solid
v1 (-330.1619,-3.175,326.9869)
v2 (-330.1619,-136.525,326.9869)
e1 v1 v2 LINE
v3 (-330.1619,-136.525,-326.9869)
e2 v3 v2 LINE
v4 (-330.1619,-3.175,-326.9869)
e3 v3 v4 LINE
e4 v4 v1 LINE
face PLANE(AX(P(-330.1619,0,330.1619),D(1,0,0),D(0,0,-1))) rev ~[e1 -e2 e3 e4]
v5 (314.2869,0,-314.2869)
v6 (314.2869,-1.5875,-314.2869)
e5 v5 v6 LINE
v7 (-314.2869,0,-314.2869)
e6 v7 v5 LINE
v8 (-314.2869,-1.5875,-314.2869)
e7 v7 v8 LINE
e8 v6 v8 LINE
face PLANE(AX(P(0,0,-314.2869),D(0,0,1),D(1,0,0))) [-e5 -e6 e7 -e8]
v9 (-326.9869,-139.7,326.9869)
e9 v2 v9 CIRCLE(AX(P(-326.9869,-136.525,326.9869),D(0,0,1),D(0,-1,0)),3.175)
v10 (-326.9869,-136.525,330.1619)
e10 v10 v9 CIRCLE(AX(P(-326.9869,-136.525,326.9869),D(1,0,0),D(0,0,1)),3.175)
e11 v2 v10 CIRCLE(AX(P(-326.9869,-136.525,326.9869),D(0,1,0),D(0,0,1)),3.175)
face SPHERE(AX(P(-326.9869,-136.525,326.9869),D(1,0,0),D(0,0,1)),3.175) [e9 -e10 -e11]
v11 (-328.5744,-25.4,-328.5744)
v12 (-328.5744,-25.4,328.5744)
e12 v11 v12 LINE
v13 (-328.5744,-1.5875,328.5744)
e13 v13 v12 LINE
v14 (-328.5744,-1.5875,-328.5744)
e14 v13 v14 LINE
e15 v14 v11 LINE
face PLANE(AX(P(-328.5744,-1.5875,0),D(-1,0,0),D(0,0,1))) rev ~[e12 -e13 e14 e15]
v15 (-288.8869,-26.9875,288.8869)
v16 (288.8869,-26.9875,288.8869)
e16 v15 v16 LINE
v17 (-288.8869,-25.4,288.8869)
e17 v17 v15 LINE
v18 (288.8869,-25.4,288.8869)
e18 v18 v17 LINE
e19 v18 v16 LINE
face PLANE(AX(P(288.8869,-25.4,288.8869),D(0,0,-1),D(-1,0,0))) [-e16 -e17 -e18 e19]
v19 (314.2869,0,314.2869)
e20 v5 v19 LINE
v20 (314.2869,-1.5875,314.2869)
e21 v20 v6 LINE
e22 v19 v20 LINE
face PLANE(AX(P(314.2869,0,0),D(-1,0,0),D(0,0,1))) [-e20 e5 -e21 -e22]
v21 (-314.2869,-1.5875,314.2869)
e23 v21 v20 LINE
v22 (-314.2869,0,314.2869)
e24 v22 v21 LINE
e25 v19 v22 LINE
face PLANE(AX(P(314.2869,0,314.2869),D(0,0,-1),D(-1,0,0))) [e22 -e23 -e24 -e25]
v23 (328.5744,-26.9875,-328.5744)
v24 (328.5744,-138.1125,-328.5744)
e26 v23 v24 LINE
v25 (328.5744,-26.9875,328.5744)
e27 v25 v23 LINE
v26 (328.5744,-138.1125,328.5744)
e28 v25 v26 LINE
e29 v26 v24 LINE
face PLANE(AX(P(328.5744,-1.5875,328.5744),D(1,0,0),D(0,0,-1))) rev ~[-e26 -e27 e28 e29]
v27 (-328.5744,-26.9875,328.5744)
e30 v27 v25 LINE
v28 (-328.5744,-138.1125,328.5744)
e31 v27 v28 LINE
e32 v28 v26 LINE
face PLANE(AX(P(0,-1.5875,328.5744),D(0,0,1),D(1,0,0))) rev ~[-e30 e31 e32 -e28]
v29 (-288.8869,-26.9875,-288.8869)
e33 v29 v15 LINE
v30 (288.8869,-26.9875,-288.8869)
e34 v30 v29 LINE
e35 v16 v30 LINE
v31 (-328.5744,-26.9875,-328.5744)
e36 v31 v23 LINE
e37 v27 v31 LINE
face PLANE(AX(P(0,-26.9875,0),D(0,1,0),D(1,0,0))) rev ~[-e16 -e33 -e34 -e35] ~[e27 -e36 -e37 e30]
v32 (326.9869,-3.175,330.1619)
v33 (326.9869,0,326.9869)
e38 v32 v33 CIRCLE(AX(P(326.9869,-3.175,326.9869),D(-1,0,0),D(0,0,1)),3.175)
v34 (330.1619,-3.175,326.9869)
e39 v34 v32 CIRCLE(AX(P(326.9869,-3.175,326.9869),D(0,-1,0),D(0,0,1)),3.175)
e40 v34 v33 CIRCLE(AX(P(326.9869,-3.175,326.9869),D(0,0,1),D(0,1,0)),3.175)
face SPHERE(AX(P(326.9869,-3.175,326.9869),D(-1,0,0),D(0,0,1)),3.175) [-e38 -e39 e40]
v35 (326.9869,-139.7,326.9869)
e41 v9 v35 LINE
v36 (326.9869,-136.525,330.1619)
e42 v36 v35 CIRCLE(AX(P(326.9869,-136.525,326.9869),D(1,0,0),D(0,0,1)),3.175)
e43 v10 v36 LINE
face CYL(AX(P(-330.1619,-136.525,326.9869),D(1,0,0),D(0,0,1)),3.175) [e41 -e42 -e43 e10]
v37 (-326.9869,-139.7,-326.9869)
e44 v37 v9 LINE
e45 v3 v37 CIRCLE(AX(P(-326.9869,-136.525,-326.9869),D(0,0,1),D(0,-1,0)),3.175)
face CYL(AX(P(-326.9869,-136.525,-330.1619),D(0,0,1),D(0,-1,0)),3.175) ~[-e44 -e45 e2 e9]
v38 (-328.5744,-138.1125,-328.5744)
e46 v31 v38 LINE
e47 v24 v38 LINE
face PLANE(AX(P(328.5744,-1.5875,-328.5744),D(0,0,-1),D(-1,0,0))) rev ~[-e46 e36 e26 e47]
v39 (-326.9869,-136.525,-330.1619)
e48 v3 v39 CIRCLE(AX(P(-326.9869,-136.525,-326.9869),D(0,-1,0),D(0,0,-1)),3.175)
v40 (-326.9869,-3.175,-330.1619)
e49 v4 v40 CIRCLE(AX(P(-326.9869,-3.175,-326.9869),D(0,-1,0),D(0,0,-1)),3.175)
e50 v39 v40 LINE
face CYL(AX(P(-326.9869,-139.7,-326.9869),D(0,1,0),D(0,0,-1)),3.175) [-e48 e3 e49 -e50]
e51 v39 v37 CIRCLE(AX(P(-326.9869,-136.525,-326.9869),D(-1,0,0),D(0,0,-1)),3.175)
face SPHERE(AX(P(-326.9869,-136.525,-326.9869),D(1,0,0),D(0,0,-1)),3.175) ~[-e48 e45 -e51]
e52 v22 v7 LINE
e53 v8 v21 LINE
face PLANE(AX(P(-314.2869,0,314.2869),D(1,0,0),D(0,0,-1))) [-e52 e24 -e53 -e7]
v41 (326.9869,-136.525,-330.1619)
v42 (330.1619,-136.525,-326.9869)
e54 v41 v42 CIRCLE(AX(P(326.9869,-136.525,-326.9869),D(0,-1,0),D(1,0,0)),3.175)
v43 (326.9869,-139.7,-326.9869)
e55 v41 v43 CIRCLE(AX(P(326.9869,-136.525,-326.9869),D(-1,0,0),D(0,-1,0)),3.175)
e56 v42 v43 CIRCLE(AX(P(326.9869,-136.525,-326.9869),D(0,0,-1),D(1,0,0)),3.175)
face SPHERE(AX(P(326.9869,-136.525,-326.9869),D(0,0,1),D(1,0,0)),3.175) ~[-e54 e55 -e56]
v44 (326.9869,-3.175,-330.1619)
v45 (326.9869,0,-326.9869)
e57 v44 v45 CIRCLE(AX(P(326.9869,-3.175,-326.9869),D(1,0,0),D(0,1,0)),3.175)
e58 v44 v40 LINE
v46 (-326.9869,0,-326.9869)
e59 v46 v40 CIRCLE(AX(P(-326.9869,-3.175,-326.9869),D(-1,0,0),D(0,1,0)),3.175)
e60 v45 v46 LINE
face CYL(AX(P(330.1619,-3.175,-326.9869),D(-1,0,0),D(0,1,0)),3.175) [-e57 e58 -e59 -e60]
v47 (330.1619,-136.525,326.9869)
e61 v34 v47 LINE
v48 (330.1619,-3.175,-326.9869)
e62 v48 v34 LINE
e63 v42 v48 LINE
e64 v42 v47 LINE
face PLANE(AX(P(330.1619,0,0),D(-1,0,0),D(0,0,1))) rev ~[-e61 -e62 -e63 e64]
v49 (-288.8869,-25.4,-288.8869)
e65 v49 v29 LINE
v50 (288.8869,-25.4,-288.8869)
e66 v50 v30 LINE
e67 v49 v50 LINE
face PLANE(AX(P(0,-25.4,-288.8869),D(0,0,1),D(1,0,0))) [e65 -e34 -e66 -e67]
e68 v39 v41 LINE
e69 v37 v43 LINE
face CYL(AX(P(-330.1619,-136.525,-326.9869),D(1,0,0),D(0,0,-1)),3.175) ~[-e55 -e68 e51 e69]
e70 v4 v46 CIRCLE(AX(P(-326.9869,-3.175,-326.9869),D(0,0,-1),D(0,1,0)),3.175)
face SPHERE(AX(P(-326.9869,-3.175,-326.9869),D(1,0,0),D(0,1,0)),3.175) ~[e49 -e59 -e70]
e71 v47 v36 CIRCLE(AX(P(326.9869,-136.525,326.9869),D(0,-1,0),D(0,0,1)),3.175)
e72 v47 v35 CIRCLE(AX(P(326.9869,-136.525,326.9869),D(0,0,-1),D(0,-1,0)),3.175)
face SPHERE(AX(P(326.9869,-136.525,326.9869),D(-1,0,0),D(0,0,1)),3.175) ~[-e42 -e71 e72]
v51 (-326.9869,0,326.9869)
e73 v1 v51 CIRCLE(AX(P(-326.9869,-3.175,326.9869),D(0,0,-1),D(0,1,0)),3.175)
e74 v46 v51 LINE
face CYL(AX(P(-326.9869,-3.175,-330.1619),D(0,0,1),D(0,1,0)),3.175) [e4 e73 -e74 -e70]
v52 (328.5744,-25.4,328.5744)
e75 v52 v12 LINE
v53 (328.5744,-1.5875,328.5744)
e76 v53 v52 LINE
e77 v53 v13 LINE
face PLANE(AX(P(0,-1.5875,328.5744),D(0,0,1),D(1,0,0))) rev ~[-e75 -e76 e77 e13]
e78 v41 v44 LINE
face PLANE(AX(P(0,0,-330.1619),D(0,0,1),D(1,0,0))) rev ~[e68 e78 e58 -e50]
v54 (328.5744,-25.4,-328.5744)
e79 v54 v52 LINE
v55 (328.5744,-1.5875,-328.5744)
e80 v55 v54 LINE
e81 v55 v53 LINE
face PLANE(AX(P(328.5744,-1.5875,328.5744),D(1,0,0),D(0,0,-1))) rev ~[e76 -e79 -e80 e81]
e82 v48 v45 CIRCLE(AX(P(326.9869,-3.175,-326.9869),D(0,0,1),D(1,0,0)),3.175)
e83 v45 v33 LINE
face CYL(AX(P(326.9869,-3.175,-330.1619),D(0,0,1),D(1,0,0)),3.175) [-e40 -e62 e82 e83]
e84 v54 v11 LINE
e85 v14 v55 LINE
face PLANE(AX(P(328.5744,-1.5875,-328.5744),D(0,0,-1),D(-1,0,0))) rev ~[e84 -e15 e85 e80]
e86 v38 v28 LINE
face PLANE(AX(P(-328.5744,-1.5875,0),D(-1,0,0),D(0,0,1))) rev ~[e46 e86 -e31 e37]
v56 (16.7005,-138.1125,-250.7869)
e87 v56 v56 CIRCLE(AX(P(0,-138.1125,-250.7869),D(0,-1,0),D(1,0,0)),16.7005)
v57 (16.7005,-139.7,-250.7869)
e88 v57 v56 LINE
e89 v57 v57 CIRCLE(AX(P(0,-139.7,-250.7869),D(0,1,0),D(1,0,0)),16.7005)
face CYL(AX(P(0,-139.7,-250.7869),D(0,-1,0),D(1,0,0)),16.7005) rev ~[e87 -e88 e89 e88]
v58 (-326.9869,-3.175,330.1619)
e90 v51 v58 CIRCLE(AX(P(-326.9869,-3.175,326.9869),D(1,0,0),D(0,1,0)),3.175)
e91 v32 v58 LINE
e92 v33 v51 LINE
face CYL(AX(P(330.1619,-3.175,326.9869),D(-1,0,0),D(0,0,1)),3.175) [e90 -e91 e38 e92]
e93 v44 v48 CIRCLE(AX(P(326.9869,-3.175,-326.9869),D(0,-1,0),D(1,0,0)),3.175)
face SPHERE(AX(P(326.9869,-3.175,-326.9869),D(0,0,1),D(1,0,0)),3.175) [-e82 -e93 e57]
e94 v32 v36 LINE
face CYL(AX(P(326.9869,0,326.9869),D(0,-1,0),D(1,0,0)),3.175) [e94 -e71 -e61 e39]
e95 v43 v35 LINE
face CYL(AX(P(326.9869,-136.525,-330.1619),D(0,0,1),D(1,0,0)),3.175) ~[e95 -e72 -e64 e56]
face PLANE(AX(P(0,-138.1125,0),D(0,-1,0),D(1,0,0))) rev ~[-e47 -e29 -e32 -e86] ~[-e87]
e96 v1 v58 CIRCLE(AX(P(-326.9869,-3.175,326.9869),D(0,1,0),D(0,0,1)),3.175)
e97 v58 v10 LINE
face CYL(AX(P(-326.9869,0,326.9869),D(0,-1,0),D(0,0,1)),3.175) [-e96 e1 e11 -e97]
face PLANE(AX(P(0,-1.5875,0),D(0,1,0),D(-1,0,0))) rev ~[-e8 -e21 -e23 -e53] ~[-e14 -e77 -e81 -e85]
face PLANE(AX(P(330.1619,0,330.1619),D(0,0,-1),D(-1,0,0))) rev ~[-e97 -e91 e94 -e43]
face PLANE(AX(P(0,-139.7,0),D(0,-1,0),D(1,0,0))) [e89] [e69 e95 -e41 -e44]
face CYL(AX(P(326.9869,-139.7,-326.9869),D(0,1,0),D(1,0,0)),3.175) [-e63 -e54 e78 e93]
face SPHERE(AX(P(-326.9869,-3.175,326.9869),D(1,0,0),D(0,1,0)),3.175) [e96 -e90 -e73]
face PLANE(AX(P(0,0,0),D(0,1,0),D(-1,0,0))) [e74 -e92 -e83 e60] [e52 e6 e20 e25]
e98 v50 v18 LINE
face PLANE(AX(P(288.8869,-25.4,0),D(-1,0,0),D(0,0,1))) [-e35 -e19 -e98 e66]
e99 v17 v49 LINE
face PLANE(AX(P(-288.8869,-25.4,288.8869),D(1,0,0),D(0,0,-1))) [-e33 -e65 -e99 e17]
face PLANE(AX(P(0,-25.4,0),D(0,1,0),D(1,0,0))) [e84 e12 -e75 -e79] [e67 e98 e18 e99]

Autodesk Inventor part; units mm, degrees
ref_plane "YZ Plane" through (0, 0, 0) normal (1, 0, 0) x (0, 1, 0)
ref_plane "XZ Plane" through (0, 0, 0) normal (0, 1, 0) x (-1, 0, 0)
sketch "Sketch1" plane through (0, 0, 0) normal (0, 1, 0) x (-1, 0, 0)
  line L0 (-462.2267, 0) -> (462.2267, 0) projected
  line L1 (0, -462.2267) -> (0, 462.2267) projected
  line L2 (-330.1619, 330.1619) -> (330.1619, 330.1619)
  line L3 (330.1619, 330.1619) -> (330.1619, -330.1619)
  line L4 (330.1619, -330.1619) -> (-330.1619, -330.1619)
  line L5 (-330.1619, -330.1619) -> (-330.1619, 330.1619)
  line L6 (462.2267, 0) -> (-462.2267, 0) projected
  line L7 (0, -462.2267) -> (0, 462.2267) projected
  line L8 (314.2869, -314.2869) -> (-314.2869, -314.2869)
  line L9 (-314.2869, -314.2869) -> (-314.2869, 314.2869)
  line L10 (-314.2869, 314.2869) -> (314.2869, 314.2869)
  line L11 (314.2869, 314.2869) -> (314.2869, -314.2869)
  point P0 (0, 0)
  dimension "d0" = 660.3238
  dimension "d2" = 660.3238
  dimension "d123" = 15.875
  dimension "d124" = 15.875
extrude "Extrusion1" add sketch "Sketch1" against normal blind 1.5875 contours L5 L2 L1 L10 L9 L0 | L0 L9 L8 L1 L4 L5 | L1 L8 L11 L0 L3 L4 | L2 L3 L0 L11 L10 L1
sketch "Sketch2" plane through (0, -1.5875, 0) normal (0, -1, 0) x (1, 0, 0)
  line L0 (330.1619, 330.1619) -> (-330.1619, 330.1619) projected
  line L1 (-330.1619, 330.1619) -> (-330.1619, -330.1619) projected
  line L2 (-330.1619, -330.1619) -> (330.1619, -330.1619) projected
  line L3 (330.1619, -330.1619) -> (330.1619, 330.1619) projected
  line L4 (-314.2869, -314.2869) -> (-314.2869, 314.2869) projected
  line L5 (-314.2869, 314.2869) -> (314.2869, 314.2869) projected
  line L6 (314.2869, 314.2869) -> (314.2869, -314.2869) projected
  line L7 (314.2869, -314.2869) -> (-314.2869, -314.2869) projected
  line L8 (330.1619, 330.1619) -> (-330.1619, 330.1619) projected
  line L9 (-330.1619, 330.1619) -> (-330.1619, -330.1619) projected
  line L10 (-330.1619, -330.1619) -> (330.1619, -330.1619) projected
  line L11 (330.1619, -330.1619) -> (330.1619, 330.1619) projected
  line L12 (0, -462.2267) -> (0, 462.2267) projected
  line L13 (-462.2267, 0) -> (462.2267, 0) projected
  line L14 (-328.5744, 328.5744) -> (328.5744, 328.5744)
  line L15 (328.5744, 328.5744) -> (328.5744, -328.5744)
  line L16 (328.5744, -328.5744) -> (-328.5744, -328.5744)
  line L17 (-328.5744, -328.5744) -> (-328.5744, 328.5744)
  point P0 (0, 0)
  dimension "d7" = 1.5875
  dimension "d8" = 1.5875
extrude "Extrusion2" add sketch "Sketch2" along normal blind 136.525 contours L3 L13 L15 L14 L12 L0 | L12 L14 L17 L13 L1 L0 | L3 L2 L12 L16 L15 L13 | L13 L17 L16 L12 L2 L1
sketch "Sketch3" plane through (0, -138.1125, 0) normal (0, -1, 0) x (1, 0, 0)
  line L0 (-462.2267, 0) -> (462.2267, 0) projected
  line L1 (0, -462.2267) -> (0, 462.2267) projected
  line L2 (-330.1619, 330.1619) -> (330.1619, 330.1619)
  line L3 (330.1619, 330.1619) -> (330.1619, -330.1619)
  line L4 (330.1619, -330.1619) -> (-330.1619, -330.1619)
  line L5 (-330.1619, -330.1619) -> (-330.1619, 330.1619)
  point P0 (0, 0)
extrude "Extrusion3" add sketch "Sketch3" along normal blind 1.5875
ref_plane "Work Plane1" through (0, -25.4, 0) normal (0, 1, 0) x (1, 0, 0)
sketch "Sketch4" plane through (0, -25.4, 0) normal (0, 1, 0) x (1, 0, 0)
  line L0 (328.5744, -328.5744) -> (328.5744, 328.5744) projected
  line L1 (328.5744, 328.5744) -> (-328.5744, 328.5744) projected
  line L2 (-328.5744, 328.5744) -> (-328.5744, -328.5744) projected
  line L3 (-328.5744, -328.5744) -> (328.5744, -328.5744) projected
  line L4 (-330.1619, -330.1619) -> (-330.1619, 330.1619) projected
  line L5 (-330.1619, 330.1619) -> (330.1619, 330.1619) projected
  line L6 (330.1619, 330.1619) -> (330.1619, -330.1619) projected
  line L7 (330.1619, -330.1619) -> (-330.1619, -330.1619) projected
  line L8 (-288.8869, 288.8869) -> (288.8869, 288.8869)
  line L9 (288.8869, 288.8869) -> (288.8869, -288.8869)
  line L10 (288.8869, -288.8869) -> (-288.8869, -288.8869)
  line L11 (-288.8869, -288.8869) -> (-288.8869, 288.8869)
  line L12 (462.2267, 0) -> (-462.2267, 0) projected
  line L13 (0, 462.2267) -> (0, -462.2267) projected
  point P0 (0, 0)
  dimension "d121" = 41.275
  dimension "d122" = 41.275
extrude "Extrusion4" add sketch "Sketch4" against normal blind 1.5875 contours L3 L13 L10 L9 L12 L0 | L12 L9 L8 L13 L1 L0 | L3 L2 L12 L11 L10 L13 | L13 L8 L11 L12 L2 L1
fillet "Fillet1" radius 3.175 12 edges at (0, 0, 330.1619) (0, -139.7, 330.1619) (330.1619, -69.85, 330.1619) (330.1619, -139.7, 0) (330.1619, 0, 0) (330.1619, -69.85, -330.1619) (0, 0, -330.1619) (-330.1619, 0, 0) (-330.1619, -69.85, 330.1619) (0, -139.7, -330.1619) (-330.1619, -69.85, -330.1619) (-330.1619, -139.7, 0)
sketch "Sketch11" plane through (0, -139.7, 0) normal (0, -1, 0) x (1, 0, 0)
  line L0 (326.9869, -326.9869) -> (-326.9869, -326.9869) projected
  line L1 (0, 462.2267) -> (0, -462.2267) projected
  circle A0 centre (0, -250.7869) radius 16.7005
  point P0 (0, 0)
  dimension "d130" = 33.401
  dimension "d131" = 76.2
  dimension "d74" = 57.15
  dimension "d75" = 33.401
extrude "Extrusion12" cut sketch "Sketch11" against normal up to next
sketch "Sketch6" plane through (-328.5744, -138.1125, -328.5744) normal (0, 0, 1) x (1, 0, 0)
  circle A0 centre (298.4119, 42.8625) radius 15.875 projected
  circle A1 centre (298.4119, 42.8625) radius 15.875
  circle A2 centre (298.4119, 42.8625) radius 12.7
  point P0 (328.5744, 138.1125)
  dimension "d83" = 25.4
sketch "Sketch7" plane through (330.1619, -136.525, 326.9869) normal (1, 0, 0) x (0, 0, -1)
  line L0 (653.9738, 136.525) -> (0, 136.525) projected
  line L1 (326.9869, -34.925) -> (326.9869, 187.325) projected
  circle A0 centre (55.5752, 152.4) radius 3.175
  line L2 (-1.5875, 134.9375) -> (-1.5875, 111.125) projected
  line L3 (-3.175, 133.35) -> (-3.175, 0) projected
  circle A1 centre (598.3986, 152.4) radius 3.175
  point P0 (326.9869, 136.525)
  dimension "d91" = 6.35
  dimension "d95" = 58.7502
  dimension "d96" = 15.875
properties part number "Propane Burner Base" material "Steel"
